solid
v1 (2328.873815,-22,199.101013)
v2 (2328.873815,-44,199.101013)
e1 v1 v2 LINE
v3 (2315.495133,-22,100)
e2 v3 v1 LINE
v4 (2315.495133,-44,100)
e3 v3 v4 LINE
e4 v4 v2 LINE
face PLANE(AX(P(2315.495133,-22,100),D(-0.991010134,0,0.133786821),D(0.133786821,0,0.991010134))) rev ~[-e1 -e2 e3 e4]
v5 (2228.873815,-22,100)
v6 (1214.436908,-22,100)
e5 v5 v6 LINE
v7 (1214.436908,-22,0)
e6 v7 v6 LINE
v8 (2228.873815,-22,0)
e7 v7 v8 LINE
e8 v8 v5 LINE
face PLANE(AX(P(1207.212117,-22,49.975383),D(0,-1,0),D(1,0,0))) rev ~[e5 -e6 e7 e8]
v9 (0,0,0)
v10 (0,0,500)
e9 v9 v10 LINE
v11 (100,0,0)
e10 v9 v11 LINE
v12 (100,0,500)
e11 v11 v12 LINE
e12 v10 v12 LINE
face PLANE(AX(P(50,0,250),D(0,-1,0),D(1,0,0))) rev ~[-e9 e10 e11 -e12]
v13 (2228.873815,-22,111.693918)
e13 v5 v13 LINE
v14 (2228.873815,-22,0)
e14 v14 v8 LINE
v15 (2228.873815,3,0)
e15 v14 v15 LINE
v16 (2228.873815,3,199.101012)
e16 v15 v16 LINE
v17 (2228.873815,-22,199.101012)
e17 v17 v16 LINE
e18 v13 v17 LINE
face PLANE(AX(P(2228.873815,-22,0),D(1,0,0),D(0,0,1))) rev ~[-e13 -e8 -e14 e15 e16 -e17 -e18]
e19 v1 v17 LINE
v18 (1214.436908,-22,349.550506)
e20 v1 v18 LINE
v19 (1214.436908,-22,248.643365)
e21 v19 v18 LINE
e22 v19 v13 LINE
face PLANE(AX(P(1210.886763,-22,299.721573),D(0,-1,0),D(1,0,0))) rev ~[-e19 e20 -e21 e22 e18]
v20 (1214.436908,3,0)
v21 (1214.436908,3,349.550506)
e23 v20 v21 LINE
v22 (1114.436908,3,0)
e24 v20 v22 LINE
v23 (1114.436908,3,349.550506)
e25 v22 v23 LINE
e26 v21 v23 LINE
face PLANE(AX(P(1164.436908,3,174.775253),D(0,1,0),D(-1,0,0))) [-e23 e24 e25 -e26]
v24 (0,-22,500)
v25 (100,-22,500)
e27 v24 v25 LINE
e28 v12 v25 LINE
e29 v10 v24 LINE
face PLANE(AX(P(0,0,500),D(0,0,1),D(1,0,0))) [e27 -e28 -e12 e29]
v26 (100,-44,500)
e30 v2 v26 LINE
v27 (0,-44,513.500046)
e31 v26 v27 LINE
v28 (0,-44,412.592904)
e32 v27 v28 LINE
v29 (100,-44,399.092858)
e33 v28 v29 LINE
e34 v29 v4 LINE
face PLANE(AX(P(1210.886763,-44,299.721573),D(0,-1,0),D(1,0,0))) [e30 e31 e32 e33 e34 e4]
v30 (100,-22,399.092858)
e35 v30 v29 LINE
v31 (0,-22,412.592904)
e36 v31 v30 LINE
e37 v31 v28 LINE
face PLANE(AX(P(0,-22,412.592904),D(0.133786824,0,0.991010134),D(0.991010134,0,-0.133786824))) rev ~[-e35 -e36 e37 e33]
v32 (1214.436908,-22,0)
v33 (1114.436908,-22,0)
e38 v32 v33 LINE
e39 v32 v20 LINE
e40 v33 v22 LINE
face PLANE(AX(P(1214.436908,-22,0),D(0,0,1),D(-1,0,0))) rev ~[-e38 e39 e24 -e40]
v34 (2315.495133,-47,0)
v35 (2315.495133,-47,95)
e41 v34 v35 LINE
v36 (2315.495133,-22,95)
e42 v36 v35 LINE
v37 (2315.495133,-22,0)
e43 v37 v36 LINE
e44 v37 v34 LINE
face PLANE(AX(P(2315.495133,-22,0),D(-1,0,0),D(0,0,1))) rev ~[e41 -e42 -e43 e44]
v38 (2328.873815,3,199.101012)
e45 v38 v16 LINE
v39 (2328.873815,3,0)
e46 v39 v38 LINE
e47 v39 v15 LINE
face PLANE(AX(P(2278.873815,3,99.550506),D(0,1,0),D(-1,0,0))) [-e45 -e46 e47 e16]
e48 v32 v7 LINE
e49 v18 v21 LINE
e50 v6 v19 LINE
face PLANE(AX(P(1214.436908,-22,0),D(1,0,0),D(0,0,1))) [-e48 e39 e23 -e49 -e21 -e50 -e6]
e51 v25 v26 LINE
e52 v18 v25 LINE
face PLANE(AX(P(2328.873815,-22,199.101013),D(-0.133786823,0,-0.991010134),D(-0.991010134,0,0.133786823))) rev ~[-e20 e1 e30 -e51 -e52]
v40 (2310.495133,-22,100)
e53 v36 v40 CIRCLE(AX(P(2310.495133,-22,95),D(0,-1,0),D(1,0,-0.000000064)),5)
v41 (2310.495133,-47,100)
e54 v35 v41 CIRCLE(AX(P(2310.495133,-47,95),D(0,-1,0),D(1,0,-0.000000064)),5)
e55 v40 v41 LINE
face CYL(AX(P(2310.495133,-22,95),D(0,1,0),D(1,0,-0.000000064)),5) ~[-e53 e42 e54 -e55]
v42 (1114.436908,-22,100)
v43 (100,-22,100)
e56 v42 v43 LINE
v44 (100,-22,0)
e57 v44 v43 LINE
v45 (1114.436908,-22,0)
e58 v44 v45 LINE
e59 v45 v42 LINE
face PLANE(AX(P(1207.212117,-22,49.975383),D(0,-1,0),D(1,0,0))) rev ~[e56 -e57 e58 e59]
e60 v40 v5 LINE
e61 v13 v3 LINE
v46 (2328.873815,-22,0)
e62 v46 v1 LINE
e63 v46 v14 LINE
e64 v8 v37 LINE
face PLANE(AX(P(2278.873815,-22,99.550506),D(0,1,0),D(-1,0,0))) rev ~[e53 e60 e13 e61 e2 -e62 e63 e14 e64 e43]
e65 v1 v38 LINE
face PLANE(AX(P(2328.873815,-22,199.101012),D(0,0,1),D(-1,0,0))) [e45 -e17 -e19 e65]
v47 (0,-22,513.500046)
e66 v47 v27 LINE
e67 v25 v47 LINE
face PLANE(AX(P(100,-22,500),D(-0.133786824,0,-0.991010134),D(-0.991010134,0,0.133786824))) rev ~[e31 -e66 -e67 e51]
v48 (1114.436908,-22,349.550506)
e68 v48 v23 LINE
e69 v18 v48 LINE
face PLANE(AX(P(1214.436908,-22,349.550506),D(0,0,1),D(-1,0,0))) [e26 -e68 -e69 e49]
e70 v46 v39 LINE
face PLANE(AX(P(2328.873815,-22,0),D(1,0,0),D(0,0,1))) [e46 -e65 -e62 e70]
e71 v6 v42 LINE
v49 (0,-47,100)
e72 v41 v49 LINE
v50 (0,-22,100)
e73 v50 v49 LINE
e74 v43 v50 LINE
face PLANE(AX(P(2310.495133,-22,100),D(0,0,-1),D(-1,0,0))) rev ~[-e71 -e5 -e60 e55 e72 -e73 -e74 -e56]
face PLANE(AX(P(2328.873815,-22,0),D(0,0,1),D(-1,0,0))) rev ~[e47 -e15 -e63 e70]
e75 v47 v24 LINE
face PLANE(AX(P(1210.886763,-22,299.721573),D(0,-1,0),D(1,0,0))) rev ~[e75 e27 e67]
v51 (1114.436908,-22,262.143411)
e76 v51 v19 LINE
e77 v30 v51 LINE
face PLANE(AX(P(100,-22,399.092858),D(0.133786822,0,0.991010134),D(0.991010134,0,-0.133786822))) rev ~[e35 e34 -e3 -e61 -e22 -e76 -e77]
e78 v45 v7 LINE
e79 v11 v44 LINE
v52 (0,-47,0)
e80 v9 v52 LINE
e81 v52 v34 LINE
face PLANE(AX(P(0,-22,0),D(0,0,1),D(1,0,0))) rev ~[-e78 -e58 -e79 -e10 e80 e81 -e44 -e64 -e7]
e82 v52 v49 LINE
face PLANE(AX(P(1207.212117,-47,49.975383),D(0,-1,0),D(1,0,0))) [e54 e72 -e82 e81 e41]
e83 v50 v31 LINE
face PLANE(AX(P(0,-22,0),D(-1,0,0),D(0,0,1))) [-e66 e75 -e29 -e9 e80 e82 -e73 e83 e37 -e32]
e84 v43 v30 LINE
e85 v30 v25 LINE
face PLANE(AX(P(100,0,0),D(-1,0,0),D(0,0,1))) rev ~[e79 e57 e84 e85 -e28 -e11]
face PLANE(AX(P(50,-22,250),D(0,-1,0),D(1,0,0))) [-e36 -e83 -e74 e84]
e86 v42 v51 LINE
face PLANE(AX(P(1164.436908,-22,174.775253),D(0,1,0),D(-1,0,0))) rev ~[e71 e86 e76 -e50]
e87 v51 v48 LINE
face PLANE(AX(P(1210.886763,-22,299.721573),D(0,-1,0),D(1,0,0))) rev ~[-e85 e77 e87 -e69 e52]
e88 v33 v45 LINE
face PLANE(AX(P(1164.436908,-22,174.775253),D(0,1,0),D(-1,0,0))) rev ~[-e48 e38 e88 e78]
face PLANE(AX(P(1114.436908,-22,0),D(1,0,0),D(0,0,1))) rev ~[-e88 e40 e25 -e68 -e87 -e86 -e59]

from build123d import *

# Parameters (mm, degrees)
F0_W     = 100
F0_H     = 500
F1_DEPTH = 22
F3_DEPTH = 22
F4_W     = 100
F4_H     = 349.550507
F4_H_2   = 199.101013
F5_DEPTH = 25
F2_W     = 100
F2_H     = 100
F6_DEPTH = 25


with BuildPart() as f1:
    # F0 (on Front) → F1 (new body)
    with BuildSketch(Plane.XZ):
        with Locations((50, 250)):
            Rectangle(F0_W, F0_H)
    extrude(amount=F1_DEPTH)

    # F2 (on face) → F3 (join)
    with BuildSketch(Plane.XZ.offset(22)):
        Polygon((100, 500), (100, 399.092858), (2315.495133, 100), (2328.873815, 199.101013), align=None)
        Polygon((0, 513.500046), (0, 500), (100, 500), align=None)
        Polygon((0, 500), (0, 412.592904), (100, 399.092858), (100, 500), align=None)
    extrude(amount=F3_DEPTH)

    # F4 (on face) → F5 (join)
    with BuildSketch(Plane(origin=(0, -22, 0), x_dir=(-1, 0, 0), z_dir=(0, 1, 0))):
        with Locations((-1164.436908, 174.775253)):
            Rectangle(F4_W, F4_H)
        with Locations((-2278.873815, 99.550506)):
            Rectangle(F4_W, F4_H_2)
    extrude(amount=F5_DEPTH)

    # F2 (on face) → F6 (join)
    with BuildSketch(Plane.XZ.offset(22)):
        with BuildLine():
            Line((2310.495133, 100), (100, 100))
            Line((100, 100), (100, 0))
            Line((100, 0), (2315.495133, 0))
            Line((2315.495133, 0), (2315.495133, 95))
            ThreePointArc((2315.495133, 95), (2314.030667, 98.535534), (2310.495133, 100))
        make_face()
        with Locations((50, 50)):
            Rectangle(F2_W, F2_H)
    extrude(amount=F6_DEPTH)


solid = f1.part
